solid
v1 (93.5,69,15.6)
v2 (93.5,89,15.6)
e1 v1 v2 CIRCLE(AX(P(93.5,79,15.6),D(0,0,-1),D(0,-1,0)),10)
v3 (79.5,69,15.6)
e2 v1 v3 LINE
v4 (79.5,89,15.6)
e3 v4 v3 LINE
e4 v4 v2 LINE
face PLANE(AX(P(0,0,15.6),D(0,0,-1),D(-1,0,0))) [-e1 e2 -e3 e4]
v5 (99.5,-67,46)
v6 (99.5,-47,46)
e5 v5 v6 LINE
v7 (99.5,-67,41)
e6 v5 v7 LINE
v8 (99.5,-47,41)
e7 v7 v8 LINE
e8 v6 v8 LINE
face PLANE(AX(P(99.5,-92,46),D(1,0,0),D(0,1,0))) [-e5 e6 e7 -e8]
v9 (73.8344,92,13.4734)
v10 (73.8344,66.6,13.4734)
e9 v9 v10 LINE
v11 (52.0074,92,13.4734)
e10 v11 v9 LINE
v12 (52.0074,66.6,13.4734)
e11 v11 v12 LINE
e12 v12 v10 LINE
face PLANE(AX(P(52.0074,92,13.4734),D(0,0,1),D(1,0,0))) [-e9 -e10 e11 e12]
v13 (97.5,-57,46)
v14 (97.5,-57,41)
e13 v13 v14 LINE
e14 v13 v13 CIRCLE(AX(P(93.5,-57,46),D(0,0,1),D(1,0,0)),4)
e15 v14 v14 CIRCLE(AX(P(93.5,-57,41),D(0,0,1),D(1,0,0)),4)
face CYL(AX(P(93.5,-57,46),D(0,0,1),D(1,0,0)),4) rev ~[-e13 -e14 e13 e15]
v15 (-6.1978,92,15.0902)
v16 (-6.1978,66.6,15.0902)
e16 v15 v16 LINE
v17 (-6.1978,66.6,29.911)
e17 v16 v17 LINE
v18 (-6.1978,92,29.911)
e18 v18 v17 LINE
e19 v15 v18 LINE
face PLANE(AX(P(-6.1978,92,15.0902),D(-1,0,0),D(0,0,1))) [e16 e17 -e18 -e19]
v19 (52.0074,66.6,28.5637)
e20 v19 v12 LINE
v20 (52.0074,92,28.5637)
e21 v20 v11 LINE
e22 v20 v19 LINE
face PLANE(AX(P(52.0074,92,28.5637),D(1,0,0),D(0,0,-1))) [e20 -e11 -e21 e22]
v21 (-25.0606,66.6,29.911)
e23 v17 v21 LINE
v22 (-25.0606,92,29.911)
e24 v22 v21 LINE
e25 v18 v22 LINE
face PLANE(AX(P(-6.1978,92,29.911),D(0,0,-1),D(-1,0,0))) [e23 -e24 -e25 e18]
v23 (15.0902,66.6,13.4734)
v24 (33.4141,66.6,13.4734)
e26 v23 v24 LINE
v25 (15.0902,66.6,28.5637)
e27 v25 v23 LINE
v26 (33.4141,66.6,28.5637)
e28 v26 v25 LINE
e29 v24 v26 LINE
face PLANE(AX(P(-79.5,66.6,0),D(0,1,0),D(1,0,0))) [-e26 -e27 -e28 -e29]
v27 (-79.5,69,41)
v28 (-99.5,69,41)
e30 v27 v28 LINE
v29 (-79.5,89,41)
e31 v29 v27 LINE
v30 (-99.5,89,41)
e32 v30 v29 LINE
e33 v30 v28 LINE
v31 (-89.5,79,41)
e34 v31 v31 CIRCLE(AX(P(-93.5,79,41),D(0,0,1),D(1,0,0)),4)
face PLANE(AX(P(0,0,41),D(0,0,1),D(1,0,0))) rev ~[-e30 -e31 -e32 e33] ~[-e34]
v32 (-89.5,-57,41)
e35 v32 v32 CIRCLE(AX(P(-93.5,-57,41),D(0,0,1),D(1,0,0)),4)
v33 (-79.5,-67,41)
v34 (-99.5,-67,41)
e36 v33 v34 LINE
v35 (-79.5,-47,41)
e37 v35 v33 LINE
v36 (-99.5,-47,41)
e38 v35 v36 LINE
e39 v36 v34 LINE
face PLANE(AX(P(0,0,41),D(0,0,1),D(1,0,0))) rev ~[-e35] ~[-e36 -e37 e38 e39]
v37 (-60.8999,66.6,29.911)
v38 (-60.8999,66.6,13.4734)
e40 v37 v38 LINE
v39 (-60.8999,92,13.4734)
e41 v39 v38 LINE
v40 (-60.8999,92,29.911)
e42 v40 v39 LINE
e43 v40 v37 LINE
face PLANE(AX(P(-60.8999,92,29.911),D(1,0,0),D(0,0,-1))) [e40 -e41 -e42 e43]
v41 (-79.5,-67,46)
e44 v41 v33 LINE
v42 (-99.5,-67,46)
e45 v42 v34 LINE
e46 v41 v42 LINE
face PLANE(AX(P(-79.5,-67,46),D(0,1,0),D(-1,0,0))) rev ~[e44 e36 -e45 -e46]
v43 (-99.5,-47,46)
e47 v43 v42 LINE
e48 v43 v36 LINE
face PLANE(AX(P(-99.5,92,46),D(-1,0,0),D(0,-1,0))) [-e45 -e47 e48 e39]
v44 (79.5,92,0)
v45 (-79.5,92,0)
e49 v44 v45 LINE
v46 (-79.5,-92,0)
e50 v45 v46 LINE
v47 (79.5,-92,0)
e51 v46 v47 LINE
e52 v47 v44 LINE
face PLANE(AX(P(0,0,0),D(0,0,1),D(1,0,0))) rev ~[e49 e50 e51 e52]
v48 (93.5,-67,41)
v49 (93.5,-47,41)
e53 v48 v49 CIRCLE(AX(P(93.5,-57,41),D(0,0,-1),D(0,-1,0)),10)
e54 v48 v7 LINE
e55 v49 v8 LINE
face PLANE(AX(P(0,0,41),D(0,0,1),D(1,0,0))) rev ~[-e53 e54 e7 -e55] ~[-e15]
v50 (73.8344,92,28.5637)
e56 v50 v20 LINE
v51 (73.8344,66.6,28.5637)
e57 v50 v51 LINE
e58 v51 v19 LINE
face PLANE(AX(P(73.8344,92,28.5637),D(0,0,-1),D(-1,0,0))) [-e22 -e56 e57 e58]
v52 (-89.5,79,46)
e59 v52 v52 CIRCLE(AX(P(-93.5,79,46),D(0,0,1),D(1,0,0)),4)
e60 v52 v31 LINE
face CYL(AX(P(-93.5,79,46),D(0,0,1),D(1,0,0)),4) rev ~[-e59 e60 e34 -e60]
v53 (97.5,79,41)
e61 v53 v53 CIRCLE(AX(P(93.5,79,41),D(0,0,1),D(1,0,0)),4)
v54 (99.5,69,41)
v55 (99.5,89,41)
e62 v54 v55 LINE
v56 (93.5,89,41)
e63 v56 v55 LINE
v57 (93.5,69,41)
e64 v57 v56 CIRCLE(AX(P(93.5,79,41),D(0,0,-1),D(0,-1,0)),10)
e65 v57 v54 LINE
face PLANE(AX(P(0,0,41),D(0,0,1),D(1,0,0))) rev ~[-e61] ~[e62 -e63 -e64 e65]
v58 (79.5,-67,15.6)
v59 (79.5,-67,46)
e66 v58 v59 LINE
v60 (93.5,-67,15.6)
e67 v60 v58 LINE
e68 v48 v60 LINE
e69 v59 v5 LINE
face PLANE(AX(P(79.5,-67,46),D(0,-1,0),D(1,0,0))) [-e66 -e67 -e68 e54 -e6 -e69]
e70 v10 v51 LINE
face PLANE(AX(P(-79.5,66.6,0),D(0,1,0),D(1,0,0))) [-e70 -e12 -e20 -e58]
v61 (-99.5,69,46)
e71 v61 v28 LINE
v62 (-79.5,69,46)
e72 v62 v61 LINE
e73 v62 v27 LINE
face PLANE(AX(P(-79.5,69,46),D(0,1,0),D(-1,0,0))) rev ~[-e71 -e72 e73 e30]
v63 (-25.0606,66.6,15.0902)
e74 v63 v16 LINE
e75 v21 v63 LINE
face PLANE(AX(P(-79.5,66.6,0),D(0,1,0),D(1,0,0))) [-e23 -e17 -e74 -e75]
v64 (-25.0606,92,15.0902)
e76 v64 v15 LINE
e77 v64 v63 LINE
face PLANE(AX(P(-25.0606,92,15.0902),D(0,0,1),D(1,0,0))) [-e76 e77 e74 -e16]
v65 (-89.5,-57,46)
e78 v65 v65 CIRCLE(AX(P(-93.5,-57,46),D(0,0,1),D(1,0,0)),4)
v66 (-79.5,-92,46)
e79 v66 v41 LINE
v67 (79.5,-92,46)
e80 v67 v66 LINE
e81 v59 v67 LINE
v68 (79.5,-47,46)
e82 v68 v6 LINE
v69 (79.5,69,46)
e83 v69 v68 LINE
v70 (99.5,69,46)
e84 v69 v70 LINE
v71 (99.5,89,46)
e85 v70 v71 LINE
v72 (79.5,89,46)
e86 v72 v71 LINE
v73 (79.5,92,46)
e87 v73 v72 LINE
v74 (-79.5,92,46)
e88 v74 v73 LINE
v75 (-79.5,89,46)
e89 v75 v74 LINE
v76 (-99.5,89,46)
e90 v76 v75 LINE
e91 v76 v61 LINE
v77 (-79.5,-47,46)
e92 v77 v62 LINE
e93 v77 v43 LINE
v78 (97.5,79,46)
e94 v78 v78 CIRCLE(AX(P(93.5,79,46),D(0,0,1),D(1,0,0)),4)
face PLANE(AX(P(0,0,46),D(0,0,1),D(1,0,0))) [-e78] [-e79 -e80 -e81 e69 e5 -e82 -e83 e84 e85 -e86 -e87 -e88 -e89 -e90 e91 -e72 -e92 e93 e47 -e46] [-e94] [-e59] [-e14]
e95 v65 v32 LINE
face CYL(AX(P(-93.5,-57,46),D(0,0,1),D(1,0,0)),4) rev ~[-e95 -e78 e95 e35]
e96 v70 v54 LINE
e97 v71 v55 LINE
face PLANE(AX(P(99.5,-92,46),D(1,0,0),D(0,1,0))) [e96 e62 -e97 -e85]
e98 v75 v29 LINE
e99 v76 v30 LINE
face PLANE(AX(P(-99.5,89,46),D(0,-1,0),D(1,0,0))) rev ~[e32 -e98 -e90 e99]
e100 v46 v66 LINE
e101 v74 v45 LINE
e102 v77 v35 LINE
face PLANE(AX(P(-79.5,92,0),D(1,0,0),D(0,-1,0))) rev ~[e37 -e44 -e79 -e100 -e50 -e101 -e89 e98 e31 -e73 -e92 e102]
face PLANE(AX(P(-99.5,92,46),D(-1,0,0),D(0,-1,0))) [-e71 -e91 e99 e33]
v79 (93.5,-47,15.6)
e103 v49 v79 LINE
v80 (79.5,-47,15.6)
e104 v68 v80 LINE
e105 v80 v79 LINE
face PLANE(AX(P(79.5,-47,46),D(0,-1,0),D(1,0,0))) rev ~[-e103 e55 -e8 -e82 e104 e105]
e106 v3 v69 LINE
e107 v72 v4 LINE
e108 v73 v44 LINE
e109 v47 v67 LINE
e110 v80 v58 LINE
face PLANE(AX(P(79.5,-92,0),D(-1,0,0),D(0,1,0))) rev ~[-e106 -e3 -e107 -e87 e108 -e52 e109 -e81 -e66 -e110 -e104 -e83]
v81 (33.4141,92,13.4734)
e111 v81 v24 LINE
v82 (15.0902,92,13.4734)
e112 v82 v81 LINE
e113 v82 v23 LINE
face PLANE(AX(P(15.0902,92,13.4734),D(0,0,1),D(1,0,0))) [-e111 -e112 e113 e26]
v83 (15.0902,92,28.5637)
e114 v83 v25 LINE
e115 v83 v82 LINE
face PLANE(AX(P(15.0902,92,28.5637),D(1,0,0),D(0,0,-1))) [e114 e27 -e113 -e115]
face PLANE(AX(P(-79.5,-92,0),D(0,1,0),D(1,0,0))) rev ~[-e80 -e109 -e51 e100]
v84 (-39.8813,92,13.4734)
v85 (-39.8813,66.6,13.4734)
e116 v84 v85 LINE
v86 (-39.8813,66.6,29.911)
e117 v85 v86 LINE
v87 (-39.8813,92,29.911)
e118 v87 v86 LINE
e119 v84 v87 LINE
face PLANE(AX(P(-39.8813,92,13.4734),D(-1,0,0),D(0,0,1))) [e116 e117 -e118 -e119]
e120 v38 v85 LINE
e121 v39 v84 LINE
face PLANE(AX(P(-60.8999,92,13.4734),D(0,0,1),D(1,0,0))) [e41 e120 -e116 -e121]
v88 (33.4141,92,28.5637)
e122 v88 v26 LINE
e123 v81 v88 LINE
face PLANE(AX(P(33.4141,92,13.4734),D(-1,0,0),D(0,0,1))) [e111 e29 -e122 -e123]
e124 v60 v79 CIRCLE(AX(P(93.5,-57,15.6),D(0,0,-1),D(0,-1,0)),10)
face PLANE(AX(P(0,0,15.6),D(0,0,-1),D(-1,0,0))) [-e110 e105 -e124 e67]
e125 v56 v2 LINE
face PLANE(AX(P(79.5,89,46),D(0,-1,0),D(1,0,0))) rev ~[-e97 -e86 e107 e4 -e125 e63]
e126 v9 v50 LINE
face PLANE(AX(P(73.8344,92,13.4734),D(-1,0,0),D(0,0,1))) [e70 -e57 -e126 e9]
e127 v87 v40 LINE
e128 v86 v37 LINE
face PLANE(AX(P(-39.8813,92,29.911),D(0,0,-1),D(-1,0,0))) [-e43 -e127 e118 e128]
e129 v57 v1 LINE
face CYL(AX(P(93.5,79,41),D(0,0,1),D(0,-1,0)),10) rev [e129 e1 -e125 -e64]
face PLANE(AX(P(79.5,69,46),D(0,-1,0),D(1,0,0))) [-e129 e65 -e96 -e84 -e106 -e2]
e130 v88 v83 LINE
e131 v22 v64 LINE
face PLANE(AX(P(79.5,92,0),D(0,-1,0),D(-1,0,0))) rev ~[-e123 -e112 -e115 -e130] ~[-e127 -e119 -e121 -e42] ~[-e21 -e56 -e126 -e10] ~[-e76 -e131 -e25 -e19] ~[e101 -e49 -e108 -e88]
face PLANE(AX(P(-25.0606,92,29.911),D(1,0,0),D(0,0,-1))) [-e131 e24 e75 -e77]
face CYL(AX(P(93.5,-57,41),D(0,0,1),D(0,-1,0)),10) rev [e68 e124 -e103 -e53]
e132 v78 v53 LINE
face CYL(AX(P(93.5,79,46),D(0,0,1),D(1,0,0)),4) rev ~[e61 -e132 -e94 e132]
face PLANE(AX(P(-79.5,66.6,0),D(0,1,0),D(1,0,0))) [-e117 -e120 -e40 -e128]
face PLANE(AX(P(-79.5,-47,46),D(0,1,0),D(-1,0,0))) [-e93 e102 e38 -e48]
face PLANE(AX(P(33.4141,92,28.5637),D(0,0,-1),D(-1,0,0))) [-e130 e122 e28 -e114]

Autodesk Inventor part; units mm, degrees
ref_plane "YZ Plane" through (0, 0, 0) normal (1, 0, 0) x (0, 1, 0)
ref_plane "XZ Plane" through (0, 0, 0) normal (0, 1, 0) x (-1, 0, 0)
ref_plane "XY Plane" through (0, 0, 0) normal (0, 0, 1) x (1, 0, 0)
sketch "Sketch1" plane through (0, 0, 0) normal (0, 0, 1) x (1, 0, 0)
  line L0 (-79.5, -92) -> (79.5, -92)
  line L1 (79.5, -92) -> (79.5, 92)
  line L2 (79.5, 92) -> (-79.5, 92)
  line L3 (-79.5, 92) -> (-79.5, -92)
  line L4 (-79.5, -92) -> (79.5, 92) construction
  line L5 (79.5, -92) -> (-79.5, 92) construction
  point P0 (0, 0)
  dimension "d0" = 159
  dimension "d1" = 184
extrude "Extrusion1" add sketch "Sketch1" along normal blind 46
sketch "Sketch2" plane through (0, 0, 46) normal (0, 0, 1) x (1, 0, 0)
  line L0 (-79.5, 92) -> (-79.5, -92) projected
  line L1 (79.5, -92) -> (79.5, 92) projected
  line L2 (-79.5, 92) -> (-99.5, 92)
  line L3 (-99.5, 92) -> (-99.5, -92)
  line L4 (-99.5, -92) -> (-79.5, -92)
  line L5 (79.5, -92) -> (99.5, -92)
  line L6 (99.5, -92) -> (99.5, 92)
  line L7 (99.5, 92) -> (79.5, 92)
  point P0 (0, 0)
  dimension "d4" = 20
extrude "Extrusion2" add sketch "Sketch2" against normal blind 5
sketch "Sketch3" plane through (-79.5, 92, 0) normal (0, 1, 0) x (1, 0, 0)
  line L0 (18.6001, -13.4734) -> (39.6187, -13.4734)
  line L1 (39.6187, -13.4734) -> (39.6187, -29.911)
  line L2 (39.6187, -29.911) -> (18.6001, -29.911)
  line L3 (18.6001, -29.911) -> (18.6001, -13.4734)
  line L4 (54.4394, -15.0902) -> (73.3022, -15.0902)
  line L5 (73.3022, -15.0902) -> (73.3022, -29.911)
  line L6 (73.3022, -29.911) -> (54.4394, -29.911)
  line L7 (54.4394, -29.911) -> (54.4394, -15.0902)
  line L8 (94.5902, -13.4734) -> (112.9141, -13.4734)
  line L9 (112.9141, -13.4734) -> (112.9141, -28.5637)
  line L10 (112.9141, -28.5637) -> (94.5902, -28.5637)
  line L11 (94.5902, -28.5637) -> (94.5902, -13.4734)
  line L12 (131.5074, -13.4734) -> (153.3344, -13.4734)
  line L13 (153.3344, -13.4734) -> (153.3344, -28.5637)
  line L14 (153.3344, -28.5637) -> (131.5074, -28.5637)
  line L15 (131.5074, -28.5637) -> (131.5074, -13.4734)
  point P0 (79.5, 0)
extrude "Extrusion3" cut sketch "Sketch3" against normal blind 25.4
sketch "Sketch4" plane through (0, 0, 46) normal (0, 0, 1) x (1, 0, 0)
  circle A0 centre (-93.5, 79) radius 4
  circle A1 centre (93.5, 79) radius 4
  circle A2 centre (93.5, -57) radius 4
  circle A3 centre (-93.5, -57) radius 4
  line L0 (-99.5, 92) -> (99.5, 92) projected
  line L1 (-99.5, -92) -> (-99.5, 92) projected
  line L2 (99.5, 92) -> (99.5, -92) projected
  line L3 (93.5, 79) -> (-93.5, 79) construction
  line L4 (93.5, 79) -> (93.5, -57) construction
  line L5 (-93.5, -57) -> (-93.5, 79) construction
  line L6 (-99.5, 92) -> (-93.5, 79) construction
  line L7 (93.5, 79) -> (99.5, 92) construction
  line L8 (79.5, 92) -> (79.5, -92) projected
  line L9 (-79.5, -92) -> (-79.5, 92) projected
  line L10 (79.5, 69) -> (99.5, 69)
  line L11 (79.5, -47) -> (99.5, -47)
  line L12 (79.5, -67) -> (99.5, -67)
  line L13 (99.5, -92) -> (79.5, -92)
  line L14 (-79.5, -92) -> (-99.5, -92)
  line L15 (-79.5, -67) -> (-99.5, -67)
  line L16 (-79.5, -47) -> (-99.5, -47)
  line L17 (-79.5, 69) -> (-99.5, 69)
  line L18 (79.5, 89) -> (99.5, 89)
  line L19 (-99.5, 89) -> (-79.5, 89)
  point P0 (0, 0)
  dimension "d9" = 13
  dimension "d10" = 8
  dimension "d11" = 149
  dimension "d12" = 187
  dimension "d13" = 23
  dimension "d14" = 139
  dimension "d15" = 159
  dimension "d22" = 3
extrude "Extrusion4" cut sketch "Sketch4" against normal up to surface (5 mm away) contours A0 | A1 | A2 | A3 | L0 L2 L18 L8 | L0 L9 L19 L1 | L17 L9 L16 L1 | L10 L2 L11 L8 | L15 L9 L14 L1 | L12 L2 L13 L8
sketch "Sketch5" plane through (0, 0, 41) normal (0, 0, -1) x (-1, 0, 0)
  circle A0 centre (-93.5, 79) radius 4 projected
  line L0 (-79.5, 89) -> (-79.5, 69) projected
  line L1 (-99.5, 69) -> (-79.5, 69) projected
  line L2 (-79.5, -47) -> (-99.5, -47) projected
  line L3 (-79.5, -47) -> (-79.5, -67) projected
  line L4 (-99.5, -67) -> (-79.5, -67) projected
  circle A1 centre (-93.5, -57) radius 4 projected
  line L5 (-79.5, 89) -> (-99.5, 89) projected
  line L6 (-93.5, 89) -> (-93.5, 69) construction
  arc A2 (-93.5, 69) -> (-93.5, 89) centre (-93.5, 79) ccw
  line L7 (-93.5, -47) -> (-93.5, -67) construction
  arc A3 (-93.5, -67) -> (-93.5, -47) centre (-93.5, -57) ccw
  point P0 (0, 0)
extrude "Extrusion5" add sketch "Sketch5" along normal blind 25.4 contours L0 L1 A2 L5 | L3 L4 A3 L2
properties part number "MCM"
